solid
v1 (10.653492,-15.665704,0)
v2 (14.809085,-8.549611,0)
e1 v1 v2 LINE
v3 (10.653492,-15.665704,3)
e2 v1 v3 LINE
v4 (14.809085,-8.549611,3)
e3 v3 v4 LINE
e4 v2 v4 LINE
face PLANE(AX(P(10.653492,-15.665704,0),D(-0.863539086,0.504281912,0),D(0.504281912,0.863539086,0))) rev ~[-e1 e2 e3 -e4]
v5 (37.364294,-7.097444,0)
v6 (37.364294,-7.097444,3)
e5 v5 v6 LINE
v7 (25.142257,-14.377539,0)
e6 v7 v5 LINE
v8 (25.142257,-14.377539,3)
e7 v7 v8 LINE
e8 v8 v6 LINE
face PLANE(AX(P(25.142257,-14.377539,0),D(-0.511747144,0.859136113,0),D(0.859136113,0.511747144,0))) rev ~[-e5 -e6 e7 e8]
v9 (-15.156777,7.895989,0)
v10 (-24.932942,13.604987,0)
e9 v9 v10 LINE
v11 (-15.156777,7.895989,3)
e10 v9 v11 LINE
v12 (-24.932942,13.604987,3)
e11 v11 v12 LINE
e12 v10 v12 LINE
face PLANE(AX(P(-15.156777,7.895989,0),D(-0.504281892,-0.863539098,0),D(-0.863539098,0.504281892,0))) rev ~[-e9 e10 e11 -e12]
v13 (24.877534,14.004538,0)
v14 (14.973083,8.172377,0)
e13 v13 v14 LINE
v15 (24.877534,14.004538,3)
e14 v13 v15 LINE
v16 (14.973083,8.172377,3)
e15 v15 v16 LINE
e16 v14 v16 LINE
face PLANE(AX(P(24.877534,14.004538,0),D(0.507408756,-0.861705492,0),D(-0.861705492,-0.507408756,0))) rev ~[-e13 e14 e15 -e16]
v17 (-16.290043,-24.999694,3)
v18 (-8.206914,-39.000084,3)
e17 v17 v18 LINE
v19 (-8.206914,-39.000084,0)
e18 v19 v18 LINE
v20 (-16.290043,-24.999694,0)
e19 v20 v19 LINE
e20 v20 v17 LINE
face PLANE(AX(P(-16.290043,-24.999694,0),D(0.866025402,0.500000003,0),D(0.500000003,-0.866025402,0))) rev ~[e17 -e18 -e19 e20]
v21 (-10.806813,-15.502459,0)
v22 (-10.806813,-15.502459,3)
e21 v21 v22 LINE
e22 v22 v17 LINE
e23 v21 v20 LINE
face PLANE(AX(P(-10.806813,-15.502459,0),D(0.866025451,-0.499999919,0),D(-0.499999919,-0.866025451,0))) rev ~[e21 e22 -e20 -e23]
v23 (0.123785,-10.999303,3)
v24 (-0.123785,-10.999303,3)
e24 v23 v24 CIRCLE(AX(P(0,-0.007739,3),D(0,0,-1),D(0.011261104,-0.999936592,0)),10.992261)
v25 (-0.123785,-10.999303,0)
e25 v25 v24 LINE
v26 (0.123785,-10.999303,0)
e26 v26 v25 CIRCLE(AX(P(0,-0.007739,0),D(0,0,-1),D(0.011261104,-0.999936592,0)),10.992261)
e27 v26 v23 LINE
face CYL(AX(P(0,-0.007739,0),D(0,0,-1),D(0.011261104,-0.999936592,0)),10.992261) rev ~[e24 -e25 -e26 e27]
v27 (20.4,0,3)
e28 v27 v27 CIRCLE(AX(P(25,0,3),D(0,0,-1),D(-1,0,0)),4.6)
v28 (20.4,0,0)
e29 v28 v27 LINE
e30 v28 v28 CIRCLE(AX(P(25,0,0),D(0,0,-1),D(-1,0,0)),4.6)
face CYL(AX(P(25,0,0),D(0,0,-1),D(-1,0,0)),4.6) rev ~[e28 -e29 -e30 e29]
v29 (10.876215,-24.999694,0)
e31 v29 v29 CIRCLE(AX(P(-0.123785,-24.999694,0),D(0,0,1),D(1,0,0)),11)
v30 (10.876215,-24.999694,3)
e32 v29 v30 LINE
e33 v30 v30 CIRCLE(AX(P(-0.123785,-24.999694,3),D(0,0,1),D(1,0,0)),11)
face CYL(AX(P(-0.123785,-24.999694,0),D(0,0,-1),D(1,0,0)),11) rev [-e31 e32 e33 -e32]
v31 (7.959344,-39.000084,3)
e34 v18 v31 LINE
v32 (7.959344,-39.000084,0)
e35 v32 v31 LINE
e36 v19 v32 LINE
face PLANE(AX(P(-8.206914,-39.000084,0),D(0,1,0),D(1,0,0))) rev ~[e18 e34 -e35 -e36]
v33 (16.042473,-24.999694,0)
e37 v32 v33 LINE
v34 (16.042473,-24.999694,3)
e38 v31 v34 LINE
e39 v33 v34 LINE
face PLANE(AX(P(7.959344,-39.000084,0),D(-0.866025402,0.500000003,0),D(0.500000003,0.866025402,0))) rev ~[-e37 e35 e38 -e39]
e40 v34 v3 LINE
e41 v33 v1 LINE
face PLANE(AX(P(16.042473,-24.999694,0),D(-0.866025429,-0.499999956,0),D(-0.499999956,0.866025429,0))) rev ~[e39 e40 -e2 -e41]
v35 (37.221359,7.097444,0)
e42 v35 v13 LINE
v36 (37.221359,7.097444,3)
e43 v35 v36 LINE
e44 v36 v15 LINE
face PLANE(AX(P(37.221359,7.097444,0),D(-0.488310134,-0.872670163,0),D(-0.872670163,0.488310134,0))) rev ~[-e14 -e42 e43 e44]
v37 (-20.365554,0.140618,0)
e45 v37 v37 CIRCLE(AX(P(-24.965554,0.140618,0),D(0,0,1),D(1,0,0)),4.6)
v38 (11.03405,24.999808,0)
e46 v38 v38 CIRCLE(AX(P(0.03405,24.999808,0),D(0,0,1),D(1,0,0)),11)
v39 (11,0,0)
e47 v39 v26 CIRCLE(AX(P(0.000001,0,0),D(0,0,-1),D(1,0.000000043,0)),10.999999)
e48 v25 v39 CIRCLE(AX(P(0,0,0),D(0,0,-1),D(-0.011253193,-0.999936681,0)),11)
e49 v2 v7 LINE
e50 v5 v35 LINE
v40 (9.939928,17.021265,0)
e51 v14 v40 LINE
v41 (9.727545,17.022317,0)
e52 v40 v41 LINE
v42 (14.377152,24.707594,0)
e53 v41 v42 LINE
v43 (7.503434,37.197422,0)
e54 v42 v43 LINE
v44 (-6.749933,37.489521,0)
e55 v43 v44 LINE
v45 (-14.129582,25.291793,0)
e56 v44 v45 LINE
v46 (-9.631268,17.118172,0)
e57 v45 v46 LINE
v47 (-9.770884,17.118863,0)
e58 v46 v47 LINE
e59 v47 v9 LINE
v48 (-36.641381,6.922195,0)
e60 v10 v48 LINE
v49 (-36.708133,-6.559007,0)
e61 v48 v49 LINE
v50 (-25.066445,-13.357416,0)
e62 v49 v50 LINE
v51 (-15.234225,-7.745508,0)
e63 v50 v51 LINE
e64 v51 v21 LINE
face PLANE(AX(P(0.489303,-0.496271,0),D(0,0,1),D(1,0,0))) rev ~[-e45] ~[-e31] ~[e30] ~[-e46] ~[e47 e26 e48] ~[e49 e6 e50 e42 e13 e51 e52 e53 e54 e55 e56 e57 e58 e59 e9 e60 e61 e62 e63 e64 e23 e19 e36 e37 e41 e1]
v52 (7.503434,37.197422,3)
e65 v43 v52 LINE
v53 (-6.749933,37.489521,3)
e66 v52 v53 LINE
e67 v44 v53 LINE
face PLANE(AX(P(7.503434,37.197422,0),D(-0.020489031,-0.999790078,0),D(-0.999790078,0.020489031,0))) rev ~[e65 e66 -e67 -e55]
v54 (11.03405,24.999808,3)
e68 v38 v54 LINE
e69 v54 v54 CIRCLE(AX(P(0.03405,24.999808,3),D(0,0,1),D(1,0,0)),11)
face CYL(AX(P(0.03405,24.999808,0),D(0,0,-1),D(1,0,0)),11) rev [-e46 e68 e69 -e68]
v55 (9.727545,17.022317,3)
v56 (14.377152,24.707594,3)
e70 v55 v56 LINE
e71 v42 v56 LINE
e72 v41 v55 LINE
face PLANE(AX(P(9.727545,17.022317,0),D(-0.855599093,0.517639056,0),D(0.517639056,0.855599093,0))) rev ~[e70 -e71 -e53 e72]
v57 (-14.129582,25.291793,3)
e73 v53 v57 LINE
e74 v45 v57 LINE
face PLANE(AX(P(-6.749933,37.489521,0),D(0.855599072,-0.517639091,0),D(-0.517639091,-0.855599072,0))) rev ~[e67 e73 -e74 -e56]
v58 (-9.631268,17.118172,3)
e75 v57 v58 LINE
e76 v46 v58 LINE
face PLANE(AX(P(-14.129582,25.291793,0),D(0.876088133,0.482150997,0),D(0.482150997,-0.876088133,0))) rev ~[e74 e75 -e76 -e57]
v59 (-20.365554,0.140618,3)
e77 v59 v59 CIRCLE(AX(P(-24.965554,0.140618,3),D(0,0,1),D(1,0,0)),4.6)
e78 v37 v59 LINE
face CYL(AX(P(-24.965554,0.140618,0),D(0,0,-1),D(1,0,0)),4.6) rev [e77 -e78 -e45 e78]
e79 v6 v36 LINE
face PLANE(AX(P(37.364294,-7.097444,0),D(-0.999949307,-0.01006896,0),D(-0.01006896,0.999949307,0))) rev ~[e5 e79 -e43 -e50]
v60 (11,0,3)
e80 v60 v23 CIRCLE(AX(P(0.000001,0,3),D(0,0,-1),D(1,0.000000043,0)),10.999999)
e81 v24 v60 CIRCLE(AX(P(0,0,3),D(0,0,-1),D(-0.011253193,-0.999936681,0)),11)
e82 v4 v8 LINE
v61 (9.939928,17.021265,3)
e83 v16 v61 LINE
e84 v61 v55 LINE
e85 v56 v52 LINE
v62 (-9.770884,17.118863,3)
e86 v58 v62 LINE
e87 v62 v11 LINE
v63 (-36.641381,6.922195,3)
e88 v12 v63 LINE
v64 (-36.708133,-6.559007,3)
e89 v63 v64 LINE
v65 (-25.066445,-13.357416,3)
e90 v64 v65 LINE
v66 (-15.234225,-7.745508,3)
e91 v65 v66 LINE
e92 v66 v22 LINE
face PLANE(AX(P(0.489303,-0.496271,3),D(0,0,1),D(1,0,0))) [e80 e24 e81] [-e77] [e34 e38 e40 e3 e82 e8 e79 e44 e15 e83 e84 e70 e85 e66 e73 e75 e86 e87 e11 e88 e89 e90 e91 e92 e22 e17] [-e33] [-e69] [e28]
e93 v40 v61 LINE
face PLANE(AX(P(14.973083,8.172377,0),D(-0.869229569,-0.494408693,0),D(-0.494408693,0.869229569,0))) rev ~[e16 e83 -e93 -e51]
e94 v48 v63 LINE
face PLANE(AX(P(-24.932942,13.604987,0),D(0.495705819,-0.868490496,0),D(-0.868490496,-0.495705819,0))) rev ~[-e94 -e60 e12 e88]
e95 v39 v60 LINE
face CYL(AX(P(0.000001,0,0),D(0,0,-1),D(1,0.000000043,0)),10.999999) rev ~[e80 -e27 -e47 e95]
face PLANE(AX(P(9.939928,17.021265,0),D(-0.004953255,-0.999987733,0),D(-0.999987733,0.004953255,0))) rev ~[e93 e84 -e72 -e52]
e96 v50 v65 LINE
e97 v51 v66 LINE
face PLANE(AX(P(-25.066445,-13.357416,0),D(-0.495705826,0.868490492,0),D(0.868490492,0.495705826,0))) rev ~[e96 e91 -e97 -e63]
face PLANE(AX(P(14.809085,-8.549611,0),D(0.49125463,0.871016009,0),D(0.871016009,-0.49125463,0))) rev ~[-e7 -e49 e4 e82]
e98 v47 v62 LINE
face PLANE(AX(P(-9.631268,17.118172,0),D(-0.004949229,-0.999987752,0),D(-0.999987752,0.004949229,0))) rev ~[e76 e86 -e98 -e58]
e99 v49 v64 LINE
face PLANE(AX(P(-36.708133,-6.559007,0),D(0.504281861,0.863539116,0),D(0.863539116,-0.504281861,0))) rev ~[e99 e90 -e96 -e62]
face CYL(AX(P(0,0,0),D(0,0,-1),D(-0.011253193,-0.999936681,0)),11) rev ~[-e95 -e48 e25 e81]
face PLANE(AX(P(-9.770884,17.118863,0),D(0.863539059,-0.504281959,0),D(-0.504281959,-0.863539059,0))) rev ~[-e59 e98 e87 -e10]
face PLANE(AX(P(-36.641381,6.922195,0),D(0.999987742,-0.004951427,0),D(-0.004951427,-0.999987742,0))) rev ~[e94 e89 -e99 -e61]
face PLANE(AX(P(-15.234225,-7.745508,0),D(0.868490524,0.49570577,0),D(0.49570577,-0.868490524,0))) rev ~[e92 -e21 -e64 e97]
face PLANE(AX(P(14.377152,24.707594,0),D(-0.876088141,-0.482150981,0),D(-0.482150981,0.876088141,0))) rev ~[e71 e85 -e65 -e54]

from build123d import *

# Parameters (mm, degrees)
F0_R     = 11
F0_R_2   = 4.6
F1_DEPTH = 3


with BuildPart() as f1:
    # F0 (on Top) → F1 (new body)
    with BuildSketch(Plane.XY):
        with BuildLine():
            ThreePointArc((0.123785, -10.999303), (7.821817, -7.734286), (11, 0))
            ThreePointArc((11, 0), (-7.734286, 7.821817), (-0.123785, -10.999303))
            Line((-0.123785, -10.999303), (0.123785, -10.999303))
        make_face()
        with BuildLine():
            ThreePointArc((29.6, 0), (25, 4.6), (20.4, 0))
            ThreePointArc((20.4, 0), (25, -4.6), (29.6, 0))
        make_face()
        Polygon((14.973083, 8.172377), (9.939928, 17.021265), (9.727545, 17.022317), (14.377152, 24.707594), (7.503434, 37.197422), (-6.749933, 37.489521), (-14.129582, 25.291793), (-9.631268, 17.118172), (-9.770884, 17.118863), (-15.156777, 7.895989), (-24.932942, 13.604987), (-36.641381, 6.922195), (-36.708133, -6.559007), (-25.066445, -13.357416), (-15.234225, -7.745508), (-10.806813, -15.502459), (-16.290043, -24.999694), (-8.206914, -39.000084), (7.959344, -39.000084), (16.042473, -24.999694), (10.653492, -15.665704), (14.809085, -8.549611), (25.142257, -14.377539), (37.364294, -7.097444), (37.221359, 7.097444), (24.877534, 14.004538), align=None)
        with Locations((-0.123785, -24.999694)):
            Circle(F0_R, mode=Mode.SUBTRACT)
        with Locations((-24.965554, 0.140618)):
            Circle(F0_R_2, mode=Mode.SUBTRACT)
        with BuildLine():
            ThreePointArc((-0.123785, -10.999303), (-7.734286, 7.821817), (11, 0))
            ThreePointArc((11, 0), (7.821817, -7.734286), (0.123785, -10.999303))
            ThreePointArc((0.123785, -10.999303), (0, -11), (-0.123785, -10.999303))
        make_face(mode=Mode.SUBTRACT)
        with Locations((0.03405, 24.999808)):
            Circle(F0_R, mode=Mode.SUBTRACT)
        with BuildLine():
            ThreePointArc((29.6, 0), (25, -4.6), (20.4, 0))
            ThreePointArc((20.4, 0), (25, 4.6), (29.6, 0))
        make_face(mode=Mode.SUBTRACT)
    extrude(amount=F1_DEPTH)


solid = f1.part
